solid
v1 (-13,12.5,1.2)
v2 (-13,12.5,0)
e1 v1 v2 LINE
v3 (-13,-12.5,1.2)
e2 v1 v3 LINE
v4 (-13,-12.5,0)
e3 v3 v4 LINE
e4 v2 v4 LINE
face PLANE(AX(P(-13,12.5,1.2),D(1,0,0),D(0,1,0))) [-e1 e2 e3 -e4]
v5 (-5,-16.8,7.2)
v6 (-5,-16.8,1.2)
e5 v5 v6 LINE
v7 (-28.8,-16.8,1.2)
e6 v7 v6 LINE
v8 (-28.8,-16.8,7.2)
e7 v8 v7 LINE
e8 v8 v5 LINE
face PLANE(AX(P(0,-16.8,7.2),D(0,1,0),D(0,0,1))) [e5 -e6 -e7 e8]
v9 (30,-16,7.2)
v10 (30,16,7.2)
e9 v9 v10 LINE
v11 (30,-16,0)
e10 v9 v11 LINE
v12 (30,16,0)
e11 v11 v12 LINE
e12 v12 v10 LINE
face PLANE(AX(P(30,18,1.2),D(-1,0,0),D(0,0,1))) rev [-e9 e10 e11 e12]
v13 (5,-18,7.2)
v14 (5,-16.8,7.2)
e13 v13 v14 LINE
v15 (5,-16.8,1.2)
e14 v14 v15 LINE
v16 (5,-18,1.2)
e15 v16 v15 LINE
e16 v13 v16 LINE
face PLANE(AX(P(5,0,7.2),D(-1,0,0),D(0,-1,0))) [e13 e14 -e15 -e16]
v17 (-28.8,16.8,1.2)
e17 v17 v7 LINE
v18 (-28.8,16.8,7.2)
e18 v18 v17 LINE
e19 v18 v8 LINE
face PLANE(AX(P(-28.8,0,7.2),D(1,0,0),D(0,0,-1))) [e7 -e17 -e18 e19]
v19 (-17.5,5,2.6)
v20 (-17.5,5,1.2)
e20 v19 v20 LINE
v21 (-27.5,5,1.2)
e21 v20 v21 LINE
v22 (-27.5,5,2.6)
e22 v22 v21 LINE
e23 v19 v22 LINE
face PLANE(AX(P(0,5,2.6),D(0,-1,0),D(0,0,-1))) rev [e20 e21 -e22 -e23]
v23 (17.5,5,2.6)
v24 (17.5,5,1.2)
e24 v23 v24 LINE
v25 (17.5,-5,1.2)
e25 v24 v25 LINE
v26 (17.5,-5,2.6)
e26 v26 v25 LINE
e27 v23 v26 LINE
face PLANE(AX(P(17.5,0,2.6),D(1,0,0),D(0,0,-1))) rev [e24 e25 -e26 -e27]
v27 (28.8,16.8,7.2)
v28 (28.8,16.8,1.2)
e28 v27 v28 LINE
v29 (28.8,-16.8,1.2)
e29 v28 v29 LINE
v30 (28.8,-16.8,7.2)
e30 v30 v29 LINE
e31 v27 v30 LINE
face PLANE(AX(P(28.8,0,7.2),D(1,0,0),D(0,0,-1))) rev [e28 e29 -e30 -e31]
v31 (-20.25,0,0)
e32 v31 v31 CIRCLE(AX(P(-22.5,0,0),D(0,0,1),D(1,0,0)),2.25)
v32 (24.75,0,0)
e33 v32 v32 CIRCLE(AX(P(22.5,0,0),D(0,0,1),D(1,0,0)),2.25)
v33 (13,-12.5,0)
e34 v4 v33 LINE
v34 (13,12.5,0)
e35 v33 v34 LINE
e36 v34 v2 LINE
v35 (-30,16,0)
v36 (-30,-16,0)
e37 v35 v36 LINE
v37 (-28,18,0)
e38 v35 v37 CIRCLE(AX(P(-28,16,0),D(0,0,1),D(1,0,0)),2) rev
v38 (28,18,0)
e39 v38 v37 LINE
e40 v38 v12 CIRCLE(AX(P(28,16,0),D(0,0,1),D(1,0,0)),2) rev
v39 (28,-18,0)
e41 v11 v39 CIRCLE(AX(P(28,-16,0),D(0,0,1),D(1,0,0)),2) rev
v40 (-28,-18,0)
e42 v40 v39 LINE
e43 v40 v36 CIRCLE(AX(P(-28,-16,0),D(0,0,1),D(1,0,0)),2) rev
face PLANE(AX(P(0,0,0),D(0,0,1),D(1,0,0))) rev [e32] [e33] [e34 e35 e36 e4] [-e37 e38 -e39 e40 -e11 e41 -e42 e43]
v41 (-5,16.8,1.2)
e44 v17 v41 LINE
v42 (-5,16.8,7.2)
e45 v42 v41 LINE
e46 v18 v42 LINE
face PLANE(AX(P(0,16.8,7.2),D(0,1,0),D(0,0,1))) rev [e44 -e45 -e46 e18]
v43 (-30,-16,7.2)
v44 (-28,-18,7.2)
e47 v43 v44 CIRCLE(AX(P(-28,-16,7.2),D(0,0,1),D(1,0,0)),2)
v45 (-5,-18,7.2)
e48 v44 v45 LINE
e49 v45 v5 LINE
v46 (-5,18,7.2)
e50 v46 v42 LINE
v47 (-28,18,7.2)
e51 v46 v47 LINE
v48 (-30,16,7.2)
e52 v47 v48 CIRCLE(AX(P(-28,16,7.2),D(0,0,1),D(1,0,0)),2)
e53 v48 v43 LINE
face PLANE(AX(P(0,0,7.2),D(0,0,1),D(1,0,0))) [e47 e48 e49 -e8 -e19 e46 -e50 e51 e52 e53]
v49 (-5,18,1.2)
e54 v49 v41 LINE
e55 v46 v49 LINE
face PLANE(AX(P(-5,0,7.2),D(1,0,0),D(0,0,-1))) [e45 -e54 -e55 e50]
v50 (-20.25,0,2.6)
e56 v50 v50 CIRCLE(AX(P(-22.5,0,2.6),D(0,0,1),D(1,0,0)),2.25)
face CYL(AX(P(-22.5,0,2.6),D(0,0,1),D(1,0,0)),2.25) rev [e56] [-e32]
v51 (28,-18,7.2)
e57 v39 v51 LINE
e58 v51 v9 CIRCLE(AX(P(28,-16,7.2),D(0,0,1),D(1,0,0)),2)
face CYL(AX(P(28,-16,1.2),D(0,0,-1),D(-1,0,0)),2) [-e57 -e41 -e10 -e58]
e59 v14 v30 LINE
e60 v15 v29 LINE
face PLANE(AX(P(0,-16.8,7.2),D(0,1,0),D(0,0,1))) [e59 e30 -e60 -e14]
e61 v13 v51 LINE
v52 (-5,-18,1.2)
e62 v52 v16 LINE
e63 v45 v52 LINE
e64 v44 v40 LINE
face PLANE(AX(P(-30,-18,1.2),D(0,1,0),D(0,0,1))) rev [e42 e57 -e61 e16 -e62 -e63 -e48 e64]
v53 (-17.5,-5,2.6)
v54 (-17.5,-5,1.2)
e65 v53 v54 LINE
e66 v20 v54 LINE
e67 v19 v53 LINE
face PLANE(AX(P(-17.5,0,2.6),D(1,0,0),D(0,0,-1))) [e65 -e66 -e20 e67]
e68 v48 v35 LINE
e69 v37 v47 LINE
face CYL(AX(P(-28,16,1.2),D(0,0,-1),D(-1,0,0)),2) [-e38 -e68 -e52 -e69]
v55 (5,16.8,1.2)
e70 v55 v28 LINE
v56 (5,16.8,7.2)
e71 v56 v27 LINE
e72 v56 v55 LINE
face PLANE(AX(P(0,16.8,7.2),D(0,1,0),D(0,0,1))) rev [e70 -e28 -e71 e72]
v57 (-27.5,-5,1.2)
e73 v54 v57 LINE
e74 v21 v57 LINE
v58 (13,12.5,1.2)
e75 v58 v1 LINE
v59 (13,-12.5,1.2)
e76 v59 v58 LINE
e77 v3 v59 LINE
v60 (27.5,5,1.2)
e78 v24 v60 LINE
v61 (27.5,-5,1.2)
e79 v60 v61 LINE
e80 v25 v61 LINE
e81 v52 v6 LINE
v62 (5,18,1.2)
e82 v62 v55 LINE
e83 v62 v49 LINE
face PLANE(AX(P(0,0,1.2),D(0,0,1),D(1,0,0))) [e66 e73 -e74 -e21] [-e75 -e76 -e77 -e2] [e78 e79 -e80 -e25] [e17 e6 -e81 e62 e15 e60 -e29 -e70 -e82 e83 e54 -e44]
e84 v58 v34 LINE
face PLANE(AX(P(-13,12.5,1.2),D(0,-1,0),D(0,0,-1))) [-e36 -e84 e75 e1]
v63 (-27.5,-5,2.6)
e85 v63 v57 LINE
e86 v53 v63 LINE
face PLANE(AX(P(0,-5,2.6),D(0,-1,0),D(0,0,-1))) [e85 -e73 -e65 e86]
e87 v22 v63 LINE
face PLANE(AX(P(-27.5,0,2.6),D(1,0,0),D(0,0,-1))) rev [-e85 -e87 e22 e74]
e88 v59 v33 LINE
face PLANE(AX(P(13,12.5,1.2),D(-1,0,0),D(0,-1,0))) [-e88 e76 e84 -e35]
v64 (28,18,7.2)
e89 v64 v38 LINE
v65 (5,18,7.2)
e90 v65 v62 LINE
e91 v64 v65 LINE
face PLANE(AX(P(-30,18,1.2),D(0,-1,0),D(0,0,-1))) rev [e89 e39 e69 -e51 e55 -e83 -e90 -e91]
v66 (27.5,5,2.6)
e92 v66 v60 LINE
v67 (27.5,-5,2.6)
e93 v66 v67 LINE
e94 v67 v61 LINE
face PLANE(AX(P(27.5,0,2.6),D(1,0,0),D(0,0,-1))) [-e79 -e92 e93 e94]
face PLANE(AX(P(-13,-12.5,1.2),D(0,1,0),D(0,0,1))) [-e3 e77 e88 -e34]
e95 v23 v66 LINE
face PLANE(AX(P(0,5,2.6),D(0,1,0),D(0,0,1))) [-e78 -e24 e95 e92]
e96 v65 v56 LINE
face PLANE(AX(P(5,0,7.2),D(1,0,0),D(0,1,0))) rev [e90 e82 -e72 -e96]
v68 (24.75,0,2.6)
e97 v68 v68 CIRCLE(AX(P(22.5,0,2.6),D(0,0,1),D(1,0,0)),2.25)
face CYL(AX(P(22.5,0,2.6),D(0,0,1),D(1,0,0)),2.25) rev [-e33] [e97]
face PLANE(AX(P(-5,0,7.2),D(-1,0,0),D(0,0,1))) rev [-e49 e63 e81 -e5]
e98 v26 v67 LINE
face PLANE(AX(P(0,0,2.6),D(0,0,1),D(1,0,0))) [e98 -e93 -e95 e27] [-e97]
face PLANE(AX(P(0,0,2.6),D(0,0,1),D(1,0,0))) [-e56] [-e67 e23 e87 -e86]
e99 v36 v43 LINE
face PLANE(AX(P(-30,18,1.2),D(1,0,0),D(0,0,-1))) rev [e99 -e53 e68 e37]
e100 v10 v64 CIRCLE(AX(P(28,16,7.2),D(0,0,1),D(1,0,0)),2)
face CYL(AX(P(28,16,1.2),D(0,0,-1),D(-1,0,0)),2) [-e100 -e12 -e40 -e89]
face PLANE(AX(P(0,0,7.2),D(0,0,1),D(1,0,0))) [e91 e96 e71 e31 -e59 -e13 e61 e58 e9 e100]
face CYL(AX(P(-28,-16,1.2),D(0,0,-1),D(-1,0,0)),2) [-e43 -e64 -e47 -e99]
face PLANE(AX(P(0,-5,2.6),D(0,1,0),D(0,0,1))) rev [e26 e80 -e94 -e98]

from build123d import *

# Parameters (mm, degrees)
SKICA1_W                = 60
SKICA1_H                = 36
SKICA1_W_2              = 26
SKICA1_H_2              = 25
P_IDAT_VYSUNUT_M1_DEPTH = 1.2
SKICA2_W                = 10
SKICA2_H                = 10
P_IDAT_VYSUNUT_M2_DEPTH = 1.4
P_IDAT_VYSUNUT_M3_DEPTH = 6
M4_D_RA_S_V_L_1_D       = 4.5
ZAOBLIT1_R              = 2


with BuildPart() as part:
    # Skica1 → Přidat vysunutím1 (new body)
    with BuildSketch(Plane.XY):
        Rectangle(SKICA1_W, SKICA1_H)
        Rectangle(SKICA1_W_2, SKICA1_H_2, mode=Mode.SUBTRACT)
    extrude(amount=P_IDAT_VYSUNUT_M1_DEPTH)

    # Skica2 → Přidat vysunutím2 (add)
    with BuildSketch(Plane.XY.offset(1.2)):
        with Locations((22.5, 0)):
            Rectangle(SKICA2_W, SKICA2_H)
        with Locations((-22.5, 0)):
            Rectangle(SKICA2_W, SKICA2_H)
    extrude(amount=P_IDAT_VYSUNUT_M2_DEPTH)

    # Skica3 → Přidat vysunutím3 (add)
    with BuildSketch(Plane.XY.offset(1.2)):
        Polygon((-28.8, -16.8), (-28.8, 16.8), (-5, 16.8), (-5, 18), (-30, 18), (-30, -18), (-5, -18), (-5, -16.8), align=None)
        Polygon((28.8, -16.8), (5, -16.8), (5, -18), (30, -18), (30, 18), (5, 18), (5, 16.8), (28.8, 16.8), align=None)
    extrude(amount=P_IDAT_VYSUNUT_M3_DEPTH)

    # M4 díra s vůlí1 (through all)
    with Locations(Plane.XY.offset(2.6)):
        with Locations((-22.5, 0), (22.5, 0)):
            Hole(M4_D_RA_S_V_L_1_D / 2)

    # Zaoblit1
    zaoblit1_edges = [part.edges().sort_by_distance(p)[0] for p in [
        (30, -18, 3.6),
        (-30, -18, 3.6),
        (-30, 18, 3.6),
        (30, 18, 3.6),
    ]]
    fillet(zaoblit1_edges, radius=ZAOBLIT1_R)


solid = part.part
